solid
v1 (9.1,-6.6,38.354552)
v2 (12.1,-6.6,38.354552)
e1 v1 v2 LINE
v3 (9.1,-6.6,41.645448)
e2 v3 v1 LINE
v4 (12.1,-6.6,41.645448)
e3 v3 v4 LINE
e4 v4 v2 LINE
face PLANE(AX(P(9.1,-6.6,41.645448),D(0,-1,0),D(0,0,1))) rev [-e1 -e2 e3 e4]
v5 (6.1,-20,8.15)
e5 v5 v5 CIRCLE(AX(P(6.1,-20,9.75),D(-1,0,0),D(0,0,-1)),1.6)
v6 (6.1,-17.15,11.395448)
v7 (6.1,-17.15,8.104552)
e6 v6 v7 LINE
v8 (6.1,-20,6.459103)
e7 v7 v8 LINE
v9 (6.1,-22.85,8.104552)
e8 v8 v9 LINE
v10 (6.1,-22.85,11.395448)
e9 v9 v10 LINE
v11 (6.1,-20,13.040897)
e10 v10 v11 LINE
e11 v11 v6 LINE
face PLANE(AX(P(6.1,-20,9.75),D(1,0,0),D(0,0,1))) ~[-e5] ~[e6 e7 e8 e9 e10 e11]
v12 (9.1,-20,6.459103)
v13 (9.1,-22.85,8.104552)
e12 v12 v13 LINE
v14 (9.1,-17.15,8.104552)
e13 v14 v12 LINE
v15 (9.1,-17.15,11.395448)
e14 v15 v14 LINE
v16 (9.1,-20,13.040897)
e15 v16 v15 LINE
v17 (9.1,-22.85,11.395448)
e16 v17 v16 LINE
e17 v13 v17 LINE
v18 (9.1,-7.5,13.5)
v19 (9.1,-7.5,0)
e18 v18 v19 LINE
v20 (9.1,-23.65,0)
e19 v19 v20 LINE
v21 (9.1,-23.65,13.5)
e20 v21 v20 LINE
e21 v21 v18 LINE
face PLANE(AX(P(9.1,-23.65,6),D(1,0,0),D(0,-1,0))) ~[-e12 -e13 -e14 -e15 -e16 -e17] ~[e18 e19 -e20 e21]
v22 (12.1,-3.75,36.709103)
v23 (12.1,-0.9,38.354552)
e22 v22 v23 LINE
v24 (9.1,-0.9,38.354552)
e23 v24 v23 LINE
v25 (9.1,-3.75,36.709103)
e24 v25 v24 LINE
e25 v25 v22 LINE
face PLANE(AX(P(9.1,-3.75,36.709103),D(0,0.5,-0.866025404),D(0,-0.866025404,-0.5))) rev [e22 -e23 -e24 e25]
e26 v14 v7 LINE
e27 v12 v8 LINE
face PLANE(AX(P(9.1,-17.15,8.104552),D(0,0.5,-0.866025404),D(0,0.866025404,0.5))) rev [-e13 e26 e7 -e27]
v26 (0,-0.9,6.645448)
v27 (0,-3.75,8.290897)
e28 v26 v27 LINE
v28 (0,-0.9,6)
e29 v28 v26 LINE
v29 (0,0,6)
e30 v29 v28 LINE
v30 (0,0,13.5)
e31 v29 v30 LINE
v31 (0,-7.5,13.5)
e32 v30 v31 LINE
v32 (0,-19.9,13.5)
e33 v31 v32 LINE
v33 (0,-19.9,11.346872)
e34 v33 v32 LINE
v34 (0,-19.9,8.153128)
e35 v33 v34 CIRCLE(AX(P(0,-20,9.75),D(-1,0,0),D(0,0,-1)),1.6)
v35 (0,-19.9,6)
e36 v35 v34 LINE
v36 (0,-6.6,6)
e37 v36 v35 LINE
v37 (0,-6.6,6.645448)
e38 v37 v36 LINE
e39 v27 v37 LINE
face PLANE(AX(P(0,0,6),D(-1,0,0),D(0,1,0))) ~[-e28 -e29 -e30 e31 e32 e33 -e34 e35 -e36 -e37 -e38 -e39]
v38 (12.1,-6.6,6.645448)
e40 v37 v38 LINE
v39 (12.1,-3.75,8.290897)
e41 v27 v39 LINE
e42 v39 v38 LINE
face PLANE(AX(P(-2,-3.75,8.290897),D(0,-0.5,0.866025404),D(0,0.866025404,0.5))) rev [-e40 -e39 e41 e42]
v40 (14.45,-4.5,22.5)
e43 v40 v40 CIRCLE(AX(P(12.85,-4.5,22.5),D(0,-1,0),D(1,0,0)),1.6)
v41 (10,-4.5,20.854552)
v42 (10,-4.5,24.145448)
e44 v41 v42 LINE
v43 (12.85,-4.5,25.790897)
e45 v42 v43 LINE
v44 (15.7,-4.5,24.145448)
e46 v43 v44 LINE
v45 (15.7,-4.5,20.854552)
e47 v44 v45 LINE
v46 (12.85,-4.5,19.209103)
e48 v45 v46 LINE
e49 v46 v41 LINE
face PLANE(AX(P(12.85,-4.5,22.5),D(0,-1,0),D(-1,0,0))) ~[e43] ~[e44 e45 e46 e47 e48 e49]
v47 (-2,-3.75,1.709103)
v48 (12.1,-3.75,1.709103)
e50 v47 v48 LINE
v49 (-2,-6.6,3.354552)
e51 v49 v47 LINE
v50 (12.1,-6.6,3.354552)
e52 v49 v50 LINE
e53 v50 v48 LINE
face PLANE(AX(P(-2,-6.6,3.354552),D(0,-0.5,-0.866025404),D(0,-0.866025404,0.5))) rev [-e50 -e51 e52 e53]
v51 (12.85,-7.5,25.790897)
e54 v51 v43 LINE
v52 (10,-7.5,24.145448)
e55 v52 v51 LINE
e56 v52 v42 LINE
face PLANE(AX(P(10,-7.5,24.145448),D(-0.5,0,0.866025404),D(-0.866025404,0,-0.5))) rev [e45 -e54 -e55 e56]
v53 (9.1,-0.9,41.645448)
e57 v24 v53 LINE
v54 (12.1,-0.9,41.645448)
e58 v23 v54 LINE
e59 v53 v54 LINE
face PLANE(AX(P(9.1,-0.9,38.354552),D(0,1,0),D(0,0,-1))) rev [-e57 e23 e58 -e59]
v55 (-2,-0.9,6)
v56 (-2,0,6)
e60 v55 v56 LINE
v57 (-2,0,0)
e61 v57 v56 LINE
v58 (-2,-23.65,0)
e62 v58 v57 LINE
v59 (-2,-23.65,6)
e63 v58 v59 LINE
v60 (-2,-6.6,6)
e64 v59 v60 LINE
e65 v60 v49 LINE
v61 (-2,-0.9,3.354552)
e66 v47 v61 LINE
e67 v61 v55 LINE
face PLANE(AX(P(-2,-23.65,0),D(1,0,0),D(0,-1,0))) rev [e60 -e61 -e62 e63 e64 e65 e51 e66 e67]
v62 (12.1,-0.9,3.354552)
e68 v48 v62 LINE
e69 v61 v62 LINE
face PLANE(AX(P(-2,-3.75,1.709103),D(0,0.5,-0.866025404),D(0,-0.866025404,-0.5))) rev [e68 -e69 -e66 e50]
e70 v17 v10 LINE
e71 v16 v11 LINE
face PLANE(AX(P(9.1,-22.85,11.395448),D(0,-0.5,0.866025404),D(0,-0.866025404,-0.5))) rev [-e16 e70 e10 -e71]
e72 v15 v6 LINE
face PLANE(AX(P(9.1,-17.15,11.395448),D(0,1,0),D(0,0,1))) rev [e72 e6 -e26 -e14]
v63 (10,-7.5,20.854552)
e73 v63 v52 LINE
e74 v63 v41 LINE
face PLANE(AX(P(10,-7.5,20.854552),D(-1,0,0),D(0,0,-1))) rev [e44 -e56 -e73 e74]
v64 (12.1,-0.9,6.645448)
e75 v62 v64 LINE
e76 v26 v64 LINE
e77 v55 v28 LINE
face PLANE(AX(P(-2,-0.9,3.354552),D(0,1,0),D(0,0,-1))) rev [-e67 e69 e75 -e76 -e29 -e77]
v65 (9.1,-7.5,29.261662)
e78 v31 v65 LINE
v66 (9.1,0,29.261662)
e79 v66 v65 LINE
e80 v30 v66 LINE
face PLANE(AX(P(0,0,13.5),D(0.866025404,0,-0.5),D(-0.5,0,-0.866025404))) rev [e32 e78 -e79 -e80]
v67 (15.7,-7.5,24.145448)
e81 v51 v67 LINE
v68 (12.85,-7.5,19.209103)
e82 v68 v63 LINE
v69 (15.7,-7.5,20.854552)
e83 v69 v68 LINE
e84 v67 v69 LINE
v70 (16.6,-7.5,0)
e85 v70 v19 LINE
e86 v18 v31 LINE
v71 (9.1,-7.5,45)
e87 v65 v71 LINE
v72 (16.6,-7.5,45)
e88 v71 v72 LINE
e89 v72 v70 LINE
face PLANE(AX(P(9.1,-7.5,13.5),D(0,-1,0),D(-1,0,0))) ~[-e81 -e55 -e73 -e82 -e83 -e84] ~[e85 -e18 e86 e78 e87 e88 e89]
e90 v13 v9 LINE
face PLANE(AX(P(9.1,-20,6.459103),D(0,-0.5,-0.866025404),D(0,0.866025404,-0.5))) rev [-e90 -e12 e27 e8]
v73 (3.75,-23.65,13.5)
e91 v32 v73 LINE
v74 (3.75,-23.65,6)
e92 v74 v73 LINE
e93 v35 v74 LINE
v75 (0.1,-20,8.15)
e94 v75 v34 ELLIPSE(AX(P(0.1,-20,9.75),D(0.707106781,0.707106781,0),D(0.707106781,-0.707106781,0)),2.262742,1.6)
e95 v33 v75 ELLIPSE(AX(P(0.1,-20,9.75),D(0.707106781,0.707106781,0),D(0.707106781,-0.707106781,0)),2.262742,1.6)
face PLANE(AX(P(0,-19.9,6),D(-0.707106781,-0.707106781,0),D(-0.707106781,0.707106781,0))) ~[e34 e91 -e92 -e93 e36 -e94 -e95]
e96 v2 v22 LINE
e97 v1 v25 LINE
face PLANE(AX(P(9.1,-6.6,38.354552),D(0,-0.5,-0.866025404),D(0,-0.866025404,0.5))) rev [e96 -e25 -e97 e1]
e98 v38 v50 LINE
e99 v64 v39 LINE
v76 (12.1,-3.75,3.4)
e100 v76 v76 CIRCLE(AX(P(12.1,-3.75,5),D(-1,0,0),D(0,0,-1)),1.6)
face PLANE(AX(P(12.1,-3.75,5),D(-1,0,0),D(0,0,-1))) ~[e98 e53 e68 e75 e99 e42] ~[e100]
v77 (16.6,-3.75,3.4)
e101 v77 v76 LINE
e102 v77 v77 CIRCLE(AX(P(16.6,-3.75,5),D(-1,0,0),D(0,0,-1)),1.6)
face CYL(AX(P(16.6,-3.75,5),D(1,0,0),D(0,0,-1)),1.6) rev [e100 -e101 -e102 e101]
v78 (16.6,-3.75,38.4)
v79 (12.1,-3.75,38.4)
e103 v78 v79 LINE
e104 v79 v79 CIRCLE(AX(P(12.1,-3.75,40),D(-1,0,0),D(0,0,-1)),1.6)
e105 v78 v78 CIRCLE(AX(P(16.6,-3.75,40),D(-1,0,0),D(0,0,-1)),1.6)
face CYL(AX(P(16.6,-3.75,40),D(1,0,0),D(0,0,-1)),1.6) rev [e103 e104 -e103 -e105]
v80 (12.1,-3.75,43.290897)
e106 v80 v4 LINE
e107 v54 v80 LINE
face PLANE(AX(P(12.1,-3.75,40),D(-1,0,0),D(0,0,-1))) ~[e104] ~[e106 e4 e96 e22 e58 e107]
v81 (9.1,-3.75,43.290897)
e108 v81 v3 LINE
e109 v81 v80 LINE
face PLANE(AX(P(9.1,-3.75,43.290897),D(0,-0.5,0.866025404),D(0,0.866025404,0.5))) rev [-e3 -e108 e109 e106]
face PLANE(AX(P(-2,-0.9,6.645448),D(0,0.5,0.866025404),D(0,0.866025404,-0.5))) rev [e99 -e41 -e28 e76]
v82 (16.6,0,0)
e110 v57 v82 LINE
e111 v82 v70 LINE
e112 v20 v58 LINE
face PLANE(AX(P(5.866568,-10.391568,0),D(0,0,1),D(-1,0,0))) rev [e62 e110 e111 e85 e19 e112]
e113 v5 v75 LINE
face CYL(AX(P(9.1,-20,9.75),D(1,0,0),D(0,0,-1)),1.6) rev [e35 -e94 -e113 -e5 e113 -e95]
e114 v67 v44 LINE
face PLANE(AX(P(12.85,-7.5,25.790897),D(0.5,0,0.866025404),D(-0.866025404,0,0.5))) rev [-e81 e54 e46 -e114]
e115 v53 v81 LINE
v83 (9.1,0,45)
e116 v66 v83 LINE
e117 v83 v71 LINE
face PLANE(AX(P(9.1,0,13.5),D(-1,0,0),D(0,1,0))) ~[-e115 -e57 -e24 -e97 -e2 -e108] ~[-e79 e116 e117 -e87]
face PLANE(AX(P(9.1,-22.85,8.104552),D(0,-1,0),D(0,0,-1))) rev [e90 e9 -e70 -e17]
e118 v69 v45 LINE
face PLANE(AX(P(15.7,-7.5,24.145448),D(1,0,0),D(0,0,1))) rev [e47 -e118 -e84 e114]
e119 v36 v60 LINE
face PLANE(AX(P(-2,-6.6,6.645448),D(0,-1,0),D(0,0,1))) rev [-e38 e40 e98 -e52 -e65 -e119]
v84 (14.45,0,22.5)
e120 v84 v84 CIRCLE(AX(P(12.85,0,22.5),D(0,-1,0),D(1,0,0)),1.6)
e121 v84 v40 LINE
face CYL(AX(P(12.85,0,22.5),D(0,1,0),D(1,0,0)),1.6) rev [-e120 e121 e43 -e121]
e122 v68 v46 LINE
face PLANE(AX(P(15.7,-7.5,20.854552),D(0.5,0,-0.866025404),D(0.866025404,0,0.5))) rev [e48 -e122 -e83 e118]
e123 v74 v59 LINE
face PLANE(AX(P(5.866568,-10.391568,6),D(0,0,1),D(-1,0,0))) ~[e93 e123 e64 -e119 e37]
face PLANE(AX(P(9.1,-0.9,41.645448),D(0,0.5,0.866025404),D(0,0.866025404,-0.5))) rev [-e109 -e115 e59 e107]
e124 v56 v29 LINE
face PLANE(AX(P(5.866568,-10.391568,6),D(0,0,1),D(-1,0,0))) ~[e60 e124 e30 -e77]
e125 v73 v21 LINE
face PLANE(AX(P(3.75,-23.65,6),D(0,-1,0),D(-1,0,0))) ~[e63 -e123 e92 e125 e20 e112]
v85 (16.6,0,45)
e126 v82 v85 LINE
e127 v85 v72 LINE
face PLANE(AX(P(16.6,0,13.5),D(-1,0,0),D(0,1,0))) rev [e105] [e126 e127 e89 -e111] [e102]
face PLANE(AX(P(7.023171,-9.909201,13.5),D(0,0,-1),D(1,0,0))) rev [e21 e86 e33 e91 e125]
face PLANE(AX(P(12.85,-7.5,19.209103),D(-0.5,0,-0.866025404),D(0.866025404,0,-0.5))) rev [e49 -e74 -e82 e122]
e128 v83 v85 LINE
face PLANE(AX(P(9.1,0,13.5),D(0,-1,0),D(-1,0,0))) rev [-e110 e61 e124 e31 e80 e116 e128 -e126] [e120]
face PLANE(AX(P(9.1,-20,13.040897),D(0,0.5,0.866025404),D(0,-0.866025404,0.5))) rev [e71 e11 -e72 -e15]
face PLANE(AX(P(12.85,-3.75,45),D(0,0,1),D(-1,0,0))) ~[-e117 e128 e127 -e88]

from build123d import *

# Parameters (mm, degrees)
SALIENTE_EXTRUIR1_DEPTH = 6
SALIENTE_EXTRUIR2_DEPTH = 7.5
SALIENTE_EXTRUIR3_DEPTH = 7.5
CROQUIS4_W              = 7.5
CROQUIS4_H              = 7.5
SALIENTE_EXTRUIR4_DEPTH = 31.5
CORTAR_EXTRUIR1_REACH   = 20.6
CROQUIS5_R              = 1.6
CORTAR_EXTRUIR2_DEPTH   = 14.1
CORTAR_EXTRUIR3_DEPTH   = 3
CORTAR_EXTRUIR4_REACH   = 25.65
CROQUIS8_R              = 1.6
CORTAR_EXTRUIR5_DEPTH   = 3
CORTAR_EXTRUIR6_REACH   = 13.1
CROQUIS10_R             = 1.6
CORTAR_EXTRUIR7_DEPTH   = 3


with BuildPart() as part:
    # Croquis1 → Saliente-Extruir1 (new body)
    with BuildSketch(Plane.XY):
        Polygon((0, 0), (16.6, 0), (16.6, 7.5), (9.1, 7.5), (9.1, 23.65), (3.75, 23.65), (-2, 23.65), (-2, 0), align=None)
    extrude(amount=SALIENTE_EXTRUIR1_DEPTH)

    # Croquis2 → Saliente-Extruir2 (add)
    with BuildSketch(Plane.XY.offset(6)):
        Polygon((0, 0), (0, 19.9), (3.75, 23.65), (9.1, 23.65), (9.1, 7.5), (16.6, 7.5), (16.6, 0), align=None)
    extrude(amount=SALIENTE_EXTRUIR2_DEPTH)

    # Croquis3 → Saliente-Extruir3 (add)
    with BuildSketch(Plane.XZ):
        Polygon((0, 13.5), (9.1, 29.261662349), (9.1, 13.5), align=None)
    extrude(amount=-SALIENTE_EXTRUIR3_DEPTH)

    # Croquis4 → Saliente-Extruir4 (add)
    with BuildSketch(Plane.XY.offset(13.5)):
        with Locations((12.85, 3.75)):
            Rectangle(CROQUIS4_W, CROQUIS4_H)
    extrude(amount=SALIENTE_EXTRUIR4_DEPTH)

    # Croquis5 → Cortar-Extruir1 (cut, up to next)
    with BuildSketch(Plane(origin=(16.6, 0, 0), x_dir=(0, 0, -1), z_dir=(1, 0, 0)), mode=Mode.PRIVATE) as cortar_extruir1_sk1:
        with Locations((-5, 3.75)):
            Circle(CROQUIS5_R)
    cortar_extruir1_tool1 = extrude(cortar_extruir1_sk1.sketch, amount=-CORTAR_EXTRUIR1_REACH, mode=Mode.PRIVATE) & part.part
    add(cortar_extruir1_tool1.solids().sort_by_distance((16.6, 3.75, 5))[0], mode=Mode.SUBTRACT)
    # Croquis5 → Cortar-Extruir1 (cut, up to next)
    with BuildSketch(Plane(origin=(16.6, 0, 0), x_dir=(0, 0, -1), z_dir=(1, 0, 0)), mode=Mode.PRIVATE) as cortar_extruir1_sk2:
        with Locations((-40, 3.75)):
            Circle(CROQUIS5_R)
    cortar_extruir1_tool2 = extrude(cortar_extruir1_sk2.sketch, amount=-CORTAR_EXTRUIR1_REACH, mode=Mode.PRIVATE) & part.part
    add(cortar_extruir1_tool2.solids().sort_by_distance((16.6, 3.75, 40))[0], mode=Mode.SUBTRACT)

    # Croquis6 → Cortar-Extruir2 (cut)
    with BuildSketch(Plane.ZY.offset(2)):
        Polygon((3.354551733, 0.9), (6.645448267, 0.9), (8.290896534, 3.75), (6.645448267, 6.6), (3.354551733, 6.6), (1.709103466, 3.75), align=None)
    extrude(amount=-CORTAR_EXTRUIR2_DEPTH, mode=Mode.SUBTRACT)

    # Croquis7 → Cortar-Extruir3 (cut)
    with BuildSketch(Plane.ZY.offset(-9.1)):
        Polygon((38.354551733, 0.9), (41.645448267, 0.9), (43.290896534, 3.75), (41.645448267, 6.6), (38.354551733, 6.6), (36.709103466, 3.75), align=None)
    extrude(amount=-CORTAR_EXTRUIR3_DEPTH, mode=Mode.SUBTRACT)

    # Croquis8 → Cortar-Extruir4 (cut, up to next)
    with BuildSketch(Plane.XZ, mode=Mode.PRIVATE) as cortar_extruir4_sk1:
        with Locations((12.85, 22.5)):
            Circle(CROQUIS8_R)
    cortar_extruir4_tool1 = extrude(cortar_extruir4_sk1.sketch, amount=-CORTAR_EXTRUIR4_REACH, mode=Mode.PRIVATE) & part.part
    add(cortar_extruir4_tool1.solids().sort_by_distance((12.85, 0, 22.5))[0], mode=Mode.SUBTRACT)

    # Croquis9 → Cortar-Extruir5 (cut)
    with BuildSketch(Plane(origin=(0, 7.5, 0), x_dir=(1, 0, 0), z_dir=(0, 1, 0))):
        Polygon((15.7, -20.854551733), (12.85, -19.209103466), (10, -20.854551733), (10, -24.145448267), (12.85, -25.790896534), (15.7, -24.145448267), align=None)
    extrude(amount=-CORTAR_EXTRUIR5_DEPTH, mode=Mode.SUBTRACT)

    # Croquis10 → Cortar-Extruir6 (cut, up to next)
    with BuildSketch(Plane(origin=(9.1, 0, 0), x_dir=(0, 0, -1), z_dir=(1, 0, 0)), mode=Mode.PRIVATE) as cortar_extruir6_sk1:
        with Locations((-9.75, 20)):
            Circle(CROQUIS10_R)
    cortar_extruir6_tool1 = extrude(cortar_extruir6_sk1.sketch, amount=-CORTAR_EXTRUIR6_REACH, mode=Mode.PRIVATE) & part.part
    add(cortar_extruir6_tool1.solids().sort_by_distance((9.1, 20, 9.75))[0], mode=Mode.SUBTRACT)

    # Croquis11 → Cortar-Extruir7 (cut)
    with BuildSketch(Plane(origin=(9.1, 0, 0), x_dir=(0, 0, -1), z_dir=(1, 0, 0))):
        Polygon((-8.104551733, 22.85), (-11.395448267, 22.85), (-13.040896534, 20), (-11.395448267, 17.15), (-8.104551733, 17.15), (-6.459103466, 20), align=None)
    extrude(amount=-CORTAR_EXTRUIR7_DEPTH, mode=Mode.SUBTRACT)


with BuildPart() as body_2:
    # Simetría1: mirrored copy
    add(part.part.mirror(Plane.ZX))


solid = body_2.part
